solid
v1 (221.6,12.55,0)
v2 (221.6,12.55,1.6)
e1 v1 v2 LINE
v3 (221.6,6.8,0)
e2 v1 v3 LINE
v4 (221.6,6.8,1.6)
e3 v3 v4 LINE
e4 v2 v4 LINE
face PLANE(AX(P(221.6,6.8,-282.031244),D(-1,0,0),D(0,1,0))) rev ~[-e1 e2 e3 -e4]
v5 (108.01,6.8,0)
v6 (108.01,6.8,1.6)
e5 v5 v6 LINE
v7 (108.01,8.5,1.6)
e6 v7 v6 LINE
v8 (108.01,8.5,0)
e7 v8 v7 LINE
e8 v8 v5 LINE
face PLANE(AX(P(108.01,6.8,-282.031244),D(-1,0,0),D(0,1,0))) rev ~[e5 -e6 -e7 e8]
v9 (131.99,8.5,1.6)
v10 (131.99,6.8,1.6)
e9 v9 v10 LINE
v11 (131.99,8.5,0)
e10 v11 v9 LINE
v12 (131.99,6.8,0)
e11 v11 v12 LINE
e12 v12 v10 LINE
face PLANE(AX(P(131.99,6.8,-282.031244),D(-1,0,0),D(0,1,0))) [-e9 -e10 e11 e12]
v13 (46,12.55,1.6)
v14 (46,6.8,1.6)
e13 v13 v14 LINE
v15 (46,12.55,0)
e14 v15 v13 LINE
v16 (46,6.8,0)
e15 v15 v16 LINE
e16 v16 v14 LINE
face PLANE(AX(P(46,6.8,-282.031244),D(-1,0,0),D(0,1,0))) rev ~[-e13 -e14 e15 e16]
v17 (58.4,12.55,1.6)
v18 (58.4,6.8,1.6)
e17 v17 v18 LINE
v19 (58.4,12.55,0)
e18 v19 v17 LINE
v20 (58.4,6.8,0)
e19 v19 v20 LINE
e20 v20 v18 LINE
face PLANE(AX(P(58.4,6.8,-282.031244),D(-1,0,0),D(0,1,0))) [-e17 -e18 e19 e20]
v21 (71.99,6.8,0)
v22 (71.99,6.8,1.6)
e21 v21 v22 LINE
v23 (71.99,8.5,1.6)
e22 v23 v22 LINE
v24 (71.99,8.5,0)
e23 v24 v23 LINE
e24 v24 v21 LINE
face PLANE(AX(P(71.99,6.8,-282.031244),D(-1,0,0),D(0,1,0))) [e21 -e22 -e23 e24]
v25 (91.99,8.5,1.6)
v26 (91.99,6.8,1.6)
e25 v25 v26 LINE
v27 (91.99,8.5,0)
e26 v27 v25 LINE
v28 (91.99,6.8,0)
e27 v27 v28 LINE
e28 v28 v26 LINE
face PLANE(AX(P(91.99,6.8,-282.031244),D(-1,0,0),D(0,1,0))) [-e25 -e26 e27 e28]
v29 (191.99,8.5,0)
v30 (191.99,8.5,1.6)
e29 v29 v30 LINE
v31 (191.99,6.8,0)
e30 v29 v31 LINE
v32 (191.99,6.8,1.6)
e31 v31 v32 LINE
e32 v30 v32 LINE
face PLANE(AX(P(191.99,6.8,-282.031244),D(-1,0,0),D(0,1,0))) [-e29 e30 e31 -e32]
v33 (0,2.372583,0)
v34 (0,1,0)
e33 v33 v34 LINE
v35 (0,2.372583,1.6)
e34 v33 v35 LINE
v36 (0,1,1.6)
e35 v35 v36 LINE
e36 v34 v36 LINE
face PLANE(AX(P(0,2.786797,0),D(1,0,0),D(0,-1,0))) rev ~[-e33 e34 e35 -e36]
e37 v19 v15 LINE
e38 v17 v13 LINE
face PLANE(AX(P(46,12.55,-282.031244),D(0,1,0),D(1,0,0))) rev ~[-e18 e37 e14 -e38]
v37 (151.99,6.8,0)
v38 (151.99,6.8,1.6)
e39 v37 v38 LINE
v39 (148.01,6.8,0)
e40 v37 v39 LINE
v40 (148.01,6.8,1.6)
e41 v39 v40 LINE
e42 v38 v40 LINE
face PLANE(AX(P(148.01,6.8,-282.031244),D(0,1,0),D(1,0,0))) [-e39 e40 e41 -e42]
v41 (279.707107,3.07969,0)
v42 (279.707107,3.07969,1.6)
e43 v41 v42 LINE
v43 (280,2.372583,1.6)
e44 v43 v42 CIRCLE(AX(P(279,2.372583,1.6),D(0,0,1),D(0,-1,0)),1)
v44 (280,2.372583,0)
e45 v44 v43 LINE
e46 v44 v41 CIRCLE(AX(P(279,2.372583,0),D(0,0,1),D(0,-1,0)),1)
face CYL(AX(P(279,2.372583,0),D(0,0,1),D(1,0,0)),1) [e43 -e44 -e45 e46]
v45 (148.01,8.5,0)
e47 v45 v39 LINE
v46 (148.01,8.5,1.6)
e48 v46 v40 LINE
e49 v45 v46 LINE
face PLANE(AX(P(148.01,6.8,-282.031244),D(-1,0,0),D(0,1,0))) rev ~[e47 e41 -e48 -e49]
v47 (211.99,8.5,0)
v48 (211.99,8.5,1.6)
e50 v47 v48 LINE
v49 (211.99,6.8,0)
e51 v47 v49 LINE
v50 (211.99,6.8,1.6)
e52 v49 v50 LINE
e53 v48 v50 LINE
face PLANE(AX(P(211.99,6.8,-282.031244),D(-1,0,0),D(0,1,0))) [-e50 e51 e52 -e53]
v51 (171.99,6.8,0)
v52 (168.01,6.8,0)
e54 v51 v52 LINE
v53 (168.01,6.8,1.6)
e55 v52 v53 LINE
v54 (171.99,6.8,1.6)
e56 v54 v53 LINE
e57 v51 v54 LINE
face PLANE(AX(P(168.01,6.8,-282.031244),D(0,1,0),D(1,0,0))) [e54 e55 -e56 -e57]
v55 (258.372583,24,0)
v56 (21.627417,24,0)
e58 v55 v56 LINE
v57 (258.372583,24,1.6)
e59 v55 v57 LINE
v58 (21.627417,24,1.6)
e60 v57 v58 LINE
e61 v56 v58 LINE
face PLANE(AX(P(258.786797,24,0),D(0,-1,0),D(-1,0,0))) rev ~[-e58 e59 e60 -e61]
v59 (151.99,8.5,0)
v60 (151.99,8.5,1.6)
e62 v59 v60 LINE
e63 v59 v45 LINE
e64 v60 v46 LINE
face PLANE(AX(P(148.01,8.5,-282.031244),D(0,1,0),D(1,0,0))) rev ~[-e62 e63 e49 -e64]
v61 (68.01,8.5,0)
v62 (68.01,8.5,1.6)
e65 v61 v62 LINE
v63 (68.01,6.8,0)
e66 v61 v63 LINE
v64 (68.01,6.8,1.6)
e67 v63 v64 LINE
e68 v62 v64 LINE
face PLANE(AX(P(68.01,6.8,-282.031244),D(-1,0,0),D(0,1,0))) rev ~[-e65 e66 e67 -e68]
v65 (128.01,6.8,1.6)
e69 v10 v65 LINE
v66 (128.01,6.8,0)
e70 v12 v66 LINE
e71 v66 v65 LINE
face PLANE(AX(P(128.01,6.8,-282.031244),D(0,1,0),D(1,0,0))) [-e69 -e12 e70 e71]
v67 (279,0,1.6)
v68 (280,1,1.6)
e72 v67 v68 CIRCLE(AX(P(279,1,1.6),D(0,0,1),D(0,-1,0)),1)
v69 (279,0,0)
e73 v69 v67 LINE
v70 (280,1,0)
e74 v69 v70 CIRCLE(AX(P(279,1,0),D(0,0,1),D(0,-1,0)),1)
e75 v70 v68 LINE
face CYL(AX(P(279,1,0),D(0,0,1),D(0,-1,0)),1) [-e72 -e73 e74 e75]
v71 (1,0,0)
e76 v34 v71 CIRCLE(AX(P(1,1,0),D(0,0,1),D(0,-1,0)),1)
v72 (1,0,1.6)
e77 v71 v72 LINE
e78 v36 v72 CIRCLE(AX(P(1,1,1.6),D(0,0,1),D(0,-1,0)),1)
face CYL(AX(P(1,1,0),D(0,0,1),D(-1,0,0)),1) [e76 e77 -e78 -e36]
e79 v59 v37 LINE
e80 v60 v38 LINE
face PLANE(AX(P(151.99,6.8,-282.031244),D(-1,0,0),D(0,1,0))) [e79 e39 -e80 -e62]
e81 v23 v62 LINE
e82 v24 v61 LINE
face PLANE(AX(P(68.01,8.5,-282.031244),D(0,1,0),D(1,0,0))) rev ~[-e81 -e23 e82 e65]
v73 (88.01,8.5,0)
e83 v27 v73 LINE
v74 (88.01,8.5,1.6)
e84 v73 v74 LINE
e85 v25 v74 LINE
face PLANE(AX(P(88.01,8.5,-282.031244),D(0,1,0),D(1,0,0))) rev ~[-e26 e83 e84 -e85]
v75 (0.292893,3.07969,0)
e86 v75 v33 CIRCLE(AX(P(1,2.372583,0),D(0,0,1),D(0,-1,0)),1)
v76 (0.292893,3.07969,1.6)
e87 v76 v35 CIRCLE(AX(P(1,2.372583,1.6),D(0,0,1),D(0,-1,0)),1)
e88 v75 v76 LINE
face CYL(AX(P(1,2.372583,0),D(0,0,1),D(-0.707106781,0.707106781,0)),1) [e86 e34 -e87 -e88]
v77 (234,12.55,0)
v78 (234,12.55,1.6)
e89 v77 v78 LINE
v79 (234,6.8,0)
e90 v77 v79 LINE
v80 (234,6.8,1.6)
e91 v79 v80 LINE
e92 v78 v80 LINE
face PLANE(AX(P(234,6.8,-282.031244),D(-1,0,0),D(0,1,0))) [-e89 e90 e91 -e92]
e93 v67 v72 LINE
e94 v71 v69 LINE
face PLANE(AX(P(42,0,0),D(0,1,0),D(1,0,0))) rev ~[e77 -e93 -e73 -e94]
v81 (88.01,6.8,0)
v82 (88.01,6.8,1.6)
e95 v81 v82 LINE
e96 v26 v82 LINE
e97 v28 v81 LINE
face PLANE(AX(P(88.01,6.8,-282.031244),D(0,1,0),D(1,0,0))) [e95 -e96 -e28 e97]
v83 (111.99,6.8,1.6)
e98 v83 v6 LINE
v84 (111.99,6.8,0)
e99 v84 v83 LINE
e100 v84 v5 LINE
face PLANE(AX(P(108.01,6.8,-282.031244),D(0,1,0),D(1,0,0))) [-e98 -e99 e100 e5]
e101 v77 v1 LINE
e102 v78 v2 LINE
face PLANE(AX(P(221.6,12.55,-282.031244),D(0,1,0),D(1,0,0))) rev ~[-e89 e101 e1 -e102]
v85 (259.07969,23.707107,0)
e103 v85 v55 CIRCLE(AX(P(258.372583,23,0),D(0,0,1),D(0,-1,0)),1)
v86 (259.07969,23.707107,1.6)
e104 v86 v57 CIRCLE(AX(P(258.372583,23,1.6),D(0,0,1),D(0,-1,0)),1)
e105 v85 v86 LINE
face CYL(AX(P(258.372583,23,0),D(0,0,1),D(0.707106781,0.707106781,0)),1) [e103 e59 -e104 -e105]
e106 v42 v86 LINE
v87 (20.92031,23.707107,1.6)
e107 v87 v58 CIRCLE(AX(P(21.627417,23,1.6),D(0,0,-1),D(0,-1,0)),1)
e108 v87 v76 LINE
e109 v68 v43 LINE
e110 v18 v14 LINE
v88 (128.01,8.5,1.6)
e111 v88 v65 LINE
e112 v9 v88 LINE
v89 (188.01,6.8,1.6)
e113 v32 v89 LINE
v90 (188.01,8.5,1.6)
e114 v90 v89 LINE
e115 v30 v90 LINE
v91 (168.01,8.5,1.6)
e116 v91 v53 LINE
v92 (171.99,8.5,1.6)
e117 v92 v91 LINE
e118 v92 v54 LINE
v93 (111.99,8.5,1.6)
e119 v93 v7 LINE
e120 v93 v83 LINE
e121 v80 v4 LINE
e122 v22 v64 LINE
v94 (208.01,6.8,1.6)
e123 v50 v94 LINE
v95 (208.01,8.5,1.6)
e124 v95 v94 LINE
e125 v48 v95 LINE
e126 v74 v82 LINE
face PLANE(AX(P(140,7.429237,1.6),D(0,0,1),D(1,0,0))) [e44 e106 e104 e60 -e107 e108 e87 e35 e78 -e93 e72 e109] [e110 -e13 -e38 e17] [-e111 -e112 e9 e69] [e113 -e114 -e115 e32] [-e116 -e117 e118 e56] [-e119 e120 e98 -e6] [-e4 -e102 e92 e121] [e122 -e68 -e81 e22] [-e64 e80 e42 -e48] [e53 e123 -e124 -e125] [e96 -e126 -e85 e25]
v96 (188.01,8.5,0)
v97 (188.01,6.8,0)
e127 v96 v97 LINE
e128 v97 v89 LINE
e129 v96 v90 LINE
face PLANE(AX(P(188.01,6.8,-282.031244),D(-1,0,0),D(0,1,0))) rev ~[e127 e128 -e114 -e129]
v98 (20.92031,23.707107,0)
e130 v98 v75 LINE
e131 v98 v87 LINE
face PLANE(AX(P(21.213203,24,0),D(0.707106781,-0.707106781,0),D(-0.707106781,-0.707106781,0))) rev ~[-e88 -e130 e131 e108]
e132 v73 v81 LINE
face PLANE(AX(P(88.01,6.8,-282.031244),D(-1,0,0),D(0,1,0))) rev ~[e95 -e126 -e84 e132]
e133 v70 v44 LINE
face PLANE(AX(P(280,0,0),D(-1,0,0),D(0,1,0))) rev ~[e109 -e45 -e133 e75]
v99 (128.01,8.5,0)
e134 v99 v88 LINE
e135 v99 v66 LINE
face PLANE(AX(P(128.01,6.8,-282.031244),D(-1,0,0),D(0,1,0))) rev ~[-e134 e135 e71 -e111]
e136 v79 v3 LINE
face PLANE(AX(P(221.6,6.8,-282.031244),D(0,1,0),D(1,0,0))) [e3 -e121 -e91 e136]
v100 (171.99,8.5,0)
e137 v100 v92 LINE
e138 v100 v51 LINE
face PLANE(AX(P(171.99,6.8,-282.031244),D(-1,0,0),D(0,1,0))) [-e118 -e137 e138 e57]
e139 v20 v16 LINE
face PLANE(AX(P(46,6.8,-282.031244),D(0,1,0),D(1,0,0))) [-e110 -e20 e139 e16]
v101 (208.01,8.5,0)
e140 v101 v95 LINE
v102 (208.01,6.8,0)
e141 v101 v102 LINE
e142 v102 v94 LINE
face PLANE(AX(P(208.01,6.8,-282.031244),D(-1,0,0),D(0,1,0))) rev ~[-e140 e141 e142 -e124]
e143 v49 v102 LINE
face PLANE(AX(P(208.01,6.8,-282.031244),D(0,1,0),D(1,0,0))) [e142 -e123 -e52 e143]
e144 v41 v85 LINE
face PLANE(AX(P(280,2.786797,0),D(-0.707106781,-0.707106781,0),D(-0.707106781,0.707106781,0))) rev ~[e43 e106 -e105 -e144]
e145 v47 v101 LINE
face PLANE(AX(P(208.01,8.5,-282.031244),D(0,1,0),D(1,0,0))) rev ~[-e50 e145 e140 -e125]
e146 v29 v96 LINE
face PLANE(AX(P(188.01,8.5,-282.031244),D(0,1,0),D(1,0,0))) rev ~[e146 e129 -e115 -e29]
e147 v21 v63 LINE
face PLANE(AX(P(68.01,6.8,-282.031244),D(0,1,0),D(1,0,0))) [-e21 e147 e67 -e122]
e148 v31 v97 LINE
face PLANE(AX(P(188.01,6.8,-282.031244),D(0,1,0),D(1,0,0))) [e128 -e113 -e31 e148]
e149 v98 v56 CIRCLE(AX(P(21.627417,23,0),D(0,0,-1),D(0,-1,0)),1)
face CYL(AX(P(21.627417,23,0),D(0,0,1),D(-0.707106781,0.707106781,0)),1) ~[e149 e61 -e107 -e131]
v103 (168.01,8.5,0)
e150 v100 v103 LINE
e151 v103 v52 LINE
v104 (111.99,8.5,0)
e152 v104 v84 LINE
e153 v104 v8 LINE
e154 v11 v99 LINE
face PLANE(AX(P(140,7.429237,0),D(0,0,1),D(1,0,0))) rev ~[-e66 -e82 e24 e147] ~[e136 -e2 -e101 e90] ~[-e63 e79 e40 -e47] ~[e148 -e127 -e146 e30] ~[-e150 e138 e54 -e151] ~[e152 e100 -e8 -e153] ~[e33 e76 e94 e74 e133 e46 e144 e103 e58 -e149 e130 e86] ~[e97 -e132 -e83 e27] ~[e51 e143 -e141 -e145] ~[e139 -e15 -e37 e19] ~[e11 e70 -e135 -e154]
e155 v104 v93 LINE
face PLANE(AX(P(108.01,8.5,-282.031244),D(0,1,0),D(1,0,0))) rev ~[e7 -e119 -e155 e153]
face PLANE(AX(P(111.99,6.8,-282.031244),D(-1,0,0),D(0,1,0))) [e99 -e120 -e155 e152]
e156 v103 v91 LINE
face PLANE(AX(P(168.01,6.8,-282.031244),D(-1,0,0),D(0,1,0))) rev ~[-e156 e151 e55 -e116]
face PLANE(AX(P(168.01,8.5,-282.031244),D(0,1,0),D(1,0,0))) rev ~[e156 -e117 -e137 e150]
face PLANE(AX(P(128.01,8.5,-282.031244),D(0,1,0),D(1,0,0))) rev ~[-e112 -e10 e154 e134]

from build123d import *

# Parameters (mm, degrees)
BOSS_EXTRUDE1_DEPTH     = 1.6
FILLET1_R               = 1
BOSS_EXTRUDE2_DEPTH     = 1.6
CUT_EXTRUDE1_DEPTH      = 282.031243815
CUT_EXTRUDE1_DEPTH_BACK = 282.031243815
SKETCH2_W               = 12.4
SKETCH2_H               = 5.75
SKETCH2_W_2             = 3.98
SKETCH2_H_2             = 1.7


with BuildPart() as part:
    # Sketch1 → Boss-Extrude1 (new body)
    with BuildSketch(Plane.XY):
        with BuildLine():
            Line((21.213203436, 24), (0, 2.786796564))
            Line((0, 2.786796564), (0, 0))
            Line((0, 0), (42, 0))
            Line((42, 0), (42, 11))
            ThreePointArc((42, 11), (43.171572875, 13.828427125), (46, 15))
            Line((46, 15), (234, 15))
            ThreePointArc((234, 15), (236.828427125, 13.828427125), (238, 11))
            Line((238, 11), (238, 0))
            Line((238, 0), (280, 0))
            Line((280, 0), (280, 2.786796564))
            Line((280, 2.786796564), (258.786796564, 24))
            Line((258.786796564, 24), (21.213203436, 24))
        make_face()
    extrude(amount=BOSS_EXTRUDE1_DEPTH)

    # Fillet1
    fillet1_edges = [part.edges().sort_by_distance(p)[0] for p in [
        (0, 0, 0.8),
        (0, 2.786796564, 0.8),
        (21.213203436, 24, 0.8),
        (258.786796564, 24, 0.8),
        (280, 2.786796564, 0.8),
        (280, 0, 0.8),
    ]]
    fillet(fillet1_edges, radius=FILLET1_R)

    # Sketch1<3> → Boss-Extrude2 (add)
    with BuildSketch(Plane.XY):
        with BuildLine():
            Line((42, 11), (42, 0))
            Line((42, 0), (238, 0))
            Line((238, 0), (238, 11))
            ThreePointArc((238, 11), (236.828427125, 13.828427125), (234, 15))
            Line((234, 15), (46, 15))
            ThreePointArc((46, 15), (43.171572875, 13.828427125), (42, 11))
        make_face()
    extrude(amount=BOSS_EXTRUDE2_DEPTH)

    # Sketch2 → Cut-Extrude1 (cut, two sides: drawn at the far end of the back side and taken through both)
    with BuildSketch(Plane.XY.offset(-CUT_EXTRUDE1_DEPTH_BACK)):
        with Locations((52.2, 9.675)):
            Rectangle(SKETCH2_W, SKETCH2_H)
        with Locations((70, 7.65)):
            Rectangle(SKETCH2_W_2, SKETCH2_H_2)
        with Locations((90, 7.65)):
            Rectangle(SKETCH2_W_2, SKETCH2_H_2)
        with Locations((110, 7.65)):
            Rectangle(SKETCH2_W_2, SKETCH2_H_2)
        with Locations((150, 7.65)):
            Rectangle(SKETCH2_W_2, SKETCH2_H_2)
        with Locations((170, 7.65)):
            Rectangle(SKETCH2_W_2, SKETCH2_H_2)
        with Locations((190, 7.65)):
            Rectangle(SKETCH2_W_2, SKETCH2_H_2)
        with Locations((210, 7.65)):
            Rectangle(SKETCH2_W_2, SKETCH2_H_2)
        with Locations((227.8, 9.675)):
            Rectangle(SKETCH2_W, SKETCH2_H)
        with Locations((130, 7.65)):
            Rectangle(SKETCH2_W_2, SKETCH2_H_2)
    extrude(amount=CUT_EXTRUDE1_DEPTH + CUT_EXTRUDE1_DEPTH_BACK, mode=Mode.SUBTRACT)


solid = part.part
